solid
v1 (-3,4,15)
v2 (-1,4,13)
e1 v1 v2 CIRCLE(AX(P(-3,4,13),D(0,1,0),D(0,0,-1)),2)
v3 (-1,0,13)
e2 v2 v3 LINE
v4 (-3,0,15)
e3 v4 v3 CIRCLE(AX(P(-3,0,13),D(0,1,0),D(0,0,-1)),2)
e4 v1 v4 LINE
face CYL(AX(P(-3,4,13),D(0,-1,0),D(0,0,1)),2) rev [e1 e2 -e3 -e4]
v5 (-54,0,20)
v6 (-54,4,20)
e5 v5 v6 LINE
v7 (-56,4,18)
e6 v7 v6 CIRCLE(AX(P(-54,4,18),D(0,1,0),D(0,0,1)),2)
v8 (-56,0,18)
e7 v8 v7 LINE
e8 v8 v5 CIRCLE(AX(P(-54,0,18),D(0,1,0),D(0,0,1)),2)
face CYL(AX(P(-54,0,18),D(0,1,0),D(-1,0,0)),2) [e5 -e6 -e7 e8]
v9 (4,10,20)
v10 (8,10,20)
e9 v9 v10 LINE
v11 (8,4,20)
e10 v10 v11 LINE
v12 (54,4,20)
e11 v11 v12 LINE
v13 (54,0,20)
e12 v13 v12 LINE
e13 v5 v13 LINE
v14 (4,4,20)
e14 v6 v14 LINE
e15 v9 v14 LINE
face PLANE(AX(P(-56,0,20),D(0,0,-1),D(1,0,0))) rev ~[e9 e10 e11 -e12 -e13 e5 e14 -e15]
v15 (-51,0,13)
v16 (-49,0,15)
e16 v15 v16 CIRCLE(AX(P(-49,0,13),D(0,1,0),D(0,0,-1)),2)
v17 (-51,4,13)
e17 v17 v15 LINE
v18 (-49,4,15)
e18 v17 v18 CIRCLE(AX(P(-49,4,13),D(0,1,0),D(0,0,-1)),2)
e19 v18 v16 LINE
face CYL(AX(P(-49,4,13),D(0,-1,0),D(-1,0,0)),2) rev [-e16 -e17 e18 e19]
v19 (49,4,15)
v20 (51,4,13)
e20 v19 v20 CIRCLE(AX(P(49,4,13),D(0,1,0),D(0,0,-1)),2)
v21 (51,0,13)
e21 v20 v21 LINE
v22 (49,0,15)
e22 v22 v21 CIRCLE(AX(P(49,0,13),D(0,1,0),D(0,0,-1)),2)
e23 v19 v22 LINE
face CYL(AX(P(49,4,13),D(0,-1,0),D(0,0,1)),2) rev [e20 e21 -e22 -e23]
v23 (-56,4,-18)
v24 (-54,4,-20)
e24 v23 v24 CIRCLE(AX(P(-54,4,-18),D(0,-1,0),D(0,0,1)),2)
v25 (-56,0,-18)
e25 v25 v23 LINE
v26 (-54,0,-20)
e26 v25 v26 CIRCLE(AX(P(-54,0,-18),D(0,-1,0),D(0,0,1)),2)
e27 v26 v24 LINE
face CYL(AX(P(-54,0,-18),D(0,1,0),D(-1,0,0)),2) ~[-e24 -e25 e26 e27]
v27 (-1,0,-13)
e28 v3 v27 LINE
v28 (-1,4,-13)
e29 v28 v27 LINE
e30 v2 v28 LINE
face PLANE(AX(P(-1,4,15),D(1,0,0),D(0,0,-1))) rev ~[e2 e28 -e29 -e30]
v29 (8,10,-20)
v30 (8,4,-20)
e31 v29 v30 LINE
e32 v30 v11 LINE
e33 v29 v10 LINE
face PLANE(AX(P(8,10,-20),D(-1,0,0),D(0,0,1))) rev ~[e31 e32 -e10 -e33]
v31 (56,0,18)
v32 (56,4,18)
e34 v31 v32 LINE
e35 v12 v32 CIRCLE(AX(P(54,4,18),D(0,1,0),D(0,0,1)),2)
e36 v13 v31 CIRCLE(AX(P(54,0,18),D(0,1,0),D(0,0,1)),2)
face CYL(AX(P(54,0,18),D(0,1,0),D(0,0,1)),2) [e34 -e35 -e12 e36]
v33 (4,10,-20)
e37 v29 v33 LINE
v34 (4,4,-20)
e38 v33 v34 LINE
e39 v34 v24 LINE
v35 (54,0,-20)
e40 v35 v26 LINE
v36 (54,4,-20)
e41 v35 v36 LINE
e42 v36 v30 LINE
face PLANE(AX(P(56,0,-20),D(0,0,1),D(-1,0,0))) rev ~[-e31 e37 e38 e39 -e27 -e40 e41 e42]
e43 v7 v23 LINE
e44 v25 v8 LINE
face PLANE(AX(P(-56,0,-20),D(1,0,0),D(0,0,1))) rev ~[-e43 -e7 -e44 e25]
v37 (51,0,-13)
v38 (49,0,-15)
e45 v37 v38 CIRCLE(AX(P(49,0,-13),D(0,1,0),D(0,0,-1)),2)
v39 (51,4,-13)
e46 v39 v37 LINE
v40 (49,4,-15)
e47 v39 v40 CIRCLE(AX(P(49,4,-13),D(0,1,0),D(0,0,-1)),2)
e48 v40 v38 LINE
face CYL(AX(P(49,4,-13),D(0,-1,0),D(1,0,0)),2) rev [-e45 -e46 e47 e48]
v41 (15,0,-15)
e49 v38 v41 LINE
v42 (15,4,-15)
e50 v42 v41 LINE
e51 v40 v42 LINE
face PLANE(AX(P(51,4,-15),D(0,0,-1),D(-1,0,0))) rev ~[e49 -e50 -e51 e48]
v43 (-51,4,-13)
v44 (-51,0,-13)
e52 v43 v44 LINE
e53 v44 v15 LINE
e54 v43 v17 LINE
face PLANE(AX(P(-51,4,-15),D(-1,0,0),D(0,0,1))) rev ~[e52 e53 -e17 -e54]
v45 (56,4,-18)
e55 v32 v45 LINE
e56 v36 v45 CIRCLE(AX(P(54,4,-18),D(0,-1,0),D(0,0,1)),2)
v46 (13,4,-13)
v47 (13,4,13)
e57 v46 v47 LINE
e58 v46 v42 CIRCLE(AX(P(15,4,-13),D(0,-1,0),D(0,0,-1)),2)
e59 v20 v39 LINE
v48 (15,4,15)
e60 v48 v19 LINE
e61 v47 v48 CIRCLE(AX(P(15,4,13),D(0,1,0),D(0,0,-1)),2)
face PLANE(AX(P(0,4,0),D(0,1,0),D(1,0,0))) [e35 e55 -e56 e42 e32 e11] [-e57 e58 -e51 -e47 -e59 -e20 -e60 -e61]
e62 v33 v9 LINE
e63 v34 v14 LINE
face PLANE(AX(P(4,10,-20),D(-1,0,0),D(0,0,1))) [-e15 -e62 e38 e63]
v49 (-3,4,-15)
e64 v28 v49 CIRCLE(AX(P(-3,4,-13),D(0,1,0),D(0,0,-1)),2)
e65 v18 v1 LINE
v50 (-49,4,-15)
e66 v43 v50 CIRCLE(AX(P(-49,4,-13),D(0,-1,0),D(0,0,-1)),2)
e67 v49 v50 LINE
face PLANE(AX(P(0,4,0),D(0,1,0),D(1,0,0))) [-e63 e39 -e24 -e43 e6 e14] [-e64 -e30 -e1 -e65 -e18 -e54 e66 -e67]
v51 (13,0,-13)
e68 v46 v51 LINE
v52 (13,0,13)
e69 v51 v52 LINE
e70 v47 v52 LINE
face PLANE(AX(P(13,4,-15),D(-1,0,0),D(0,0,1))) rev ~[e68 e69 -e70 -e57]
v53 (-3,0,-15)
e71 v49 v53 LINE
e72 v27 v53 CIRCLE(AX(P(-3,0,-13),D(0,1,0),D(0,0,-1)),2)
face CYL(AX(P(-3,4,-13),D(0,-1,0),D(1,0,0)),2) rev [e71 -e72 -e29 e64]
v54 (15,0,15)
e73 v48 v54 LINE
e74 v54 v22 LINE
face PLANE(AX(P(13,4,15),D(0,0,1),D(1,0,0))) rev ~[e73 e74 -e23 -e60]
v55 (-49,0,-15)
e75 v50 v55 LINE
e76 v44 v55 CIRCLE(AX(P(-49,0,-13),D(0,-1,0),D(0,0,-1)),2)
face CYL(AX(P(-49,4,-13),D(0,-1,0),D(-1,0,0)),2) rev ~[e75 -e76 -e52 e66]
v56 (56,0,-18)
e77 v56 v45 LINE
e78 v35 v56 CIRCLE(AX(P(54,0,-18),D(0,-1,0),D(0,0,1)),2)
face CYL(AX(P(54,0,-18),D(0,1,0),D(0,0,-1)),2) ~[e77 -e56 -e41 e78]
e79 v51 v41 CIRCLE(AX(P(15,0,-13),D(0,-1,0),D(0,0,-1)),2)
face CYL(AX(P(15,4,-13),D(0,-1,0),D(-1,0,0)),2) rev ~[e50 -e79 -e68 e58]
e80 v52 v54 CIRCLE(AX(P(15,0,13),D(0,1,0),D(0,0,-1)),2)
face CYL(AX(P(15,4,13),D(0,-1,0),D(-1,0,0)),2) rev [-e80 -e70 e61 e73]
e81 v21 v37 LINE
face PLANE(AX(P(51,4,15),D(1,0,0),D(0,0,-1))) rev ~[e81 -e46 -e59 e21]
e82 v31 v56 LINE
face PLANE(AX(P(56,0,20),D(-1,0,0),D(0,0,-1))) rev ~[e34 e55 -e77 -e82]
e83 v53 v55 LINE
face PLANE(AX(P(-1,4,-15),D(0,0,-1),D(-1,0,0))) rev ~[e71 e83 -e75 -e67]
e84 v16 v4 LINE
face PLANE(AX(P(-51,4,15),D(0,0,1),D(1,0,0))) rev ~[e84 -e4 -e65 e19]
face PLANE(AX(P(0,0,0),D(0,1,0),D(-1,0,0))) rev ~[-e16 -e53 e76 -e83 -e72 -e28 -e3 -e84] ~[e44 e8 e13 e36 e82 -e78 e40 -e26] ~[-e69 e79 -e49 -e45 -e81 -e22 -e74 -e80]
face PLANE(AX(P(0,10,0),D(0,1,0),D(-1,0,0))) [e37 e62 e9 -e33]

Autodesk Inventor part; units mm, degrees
ref_plane "YZ Plane" through (0, 0, 0) normal (1, 0, 0) x (0, 1, 0)
ref_plane "XZ Plane" through (0, 0, 0) normal (0, 1, 0) x (-1, 0, 0)
ref_plane "XY Plane" through (0, 0, 0) normal (0, 0, 1) x (1, 0, 0)
sketch "スケッチ1" plane through (0, 0, 0) normal (0, 1, 0) x (-1, 0, 0)
  line L0 (56, 20) -> (-56, 20)
  line L1 (-56, 20) -> (-56, -20)
  line L2 (-56, -20) -> (56, -20)
  line L3 (56, -20) -> (56, 20)
  line L4 (56, 20) -> (-56, -20) construction
  line L5 (-56, 20) -> (56, -20) construction
  point P0 (0, 0)
  dimension "d0" = 112
  dimension "d1" = 40
extrude "押し出し1" add sketch "スケッチ1" along normal blind 10
sketch "スケッチ2" plane through (0, 10, 0) normal (0, 1, 0) x (1, 0, 0)
  line L0 (56, 20) -> (-56, 20) projected
  line L1 (-56, -20) -> (56, -20) projected
  line L2 (-56, 20) -> (4, 20)
  line L3 (4, 20) -> (4, -20)
  line L4 (4, -20) -> (-56, -20)
  line L5 (-56, -20) -> (-56, 20)
  line L6 (56, -20) -> (56, 20) projected
  line L7 (56, 20) -> (8, 20)
  line L8 (8, 20) -> (8, -20)
  line L9 (8, -20) -> (56, -20)
  line L10 (56, -20) -> (56, 20)
  point P0 (0, 0)
  point P1 (-56, -20)
  point P2 (4, 20)
  point P3 (8, 20)
  dimension "d4" = 60
  dimension "d5" = 48
extrude "押し出し2" cut sketch "スケッチ2" against normal blind 6 contours L6 L1 L8 L0 | L3 L1 L5 L0
fillet "フィレット1" radius 2 4 edges at (-56, 2, 20) (-56, 2, -20) (56, 2, -20) (56, 2, 20)
sketch "スケッチ3" plane through (0, 4, 0) normal (0, 1, 0) x (1, 0, 0)
  line L0 (-51, -15) -> (-1, -15)
  line L1 (-1, -15) -> (-1, 15)
  line L2 (-1, 15) -> (-51, 15)
  line L3 (-51, 15) -> (-51, -15)
  line L4 (-51, -15) -> (-1, 15) construction
  line L5 (-1, -15) -> (-51, 15) construction
  line L6 (13, -15) -> (51, -15)
  line L7 (51, -15) -> (51, 15)
  line L8 (51, 15) -> (13, 15)
  line L9 (13, 15) -> (13, -15)
  line L10 (13, -15) -> (51, 15) construction
  line L11 (51, -15) -> (13, 15) construction
  line L12 (8, 20) -> (54, 20) projected
  line L13 (56, 18) -> (56, -18) projected
  line L14 (54, -20) -> (8, -20) projected
  line L15 (8, -20) -> (8, 20) projected
  line L16 (-54, 20) -> (4, 20) projected
  line L17 (-56, -18) -> (-56, 18) projected
  line L18 (4, -20) -> (-54, -20) projected
  line L19 (4, 20) -> (4, -20) projected
  point P0 (0, 0)
  point P1 (-26, 0)
  point P2 (32, 0)
  dimension "d9" = 5
  dimension "d10" = 5
  dimension "d11" = 5
  dimension "d12" = 5
  dimension "d13" = 5
  dimension "d14" = 5
  dimension "d15" = 5
  dimension "d16" = 5
extrude "押し出し3" cut sketch "スケッチ3" against normal blind 6
fillet "フィレット2" radius 2 8 edges at (-51, 2, -15) (-1, 2, -15) (-51, 2, 15) (-1, 2, 15) (13, 2, -15) (51, 2, -15) (13, 2, 15) (51, 2, 15)
equation "\"d10\" = d9"
equation "\"d11\" = d9"
equation "\"d12\" = d9"
equation "\"d13\" = d9"
equation "\"d14\" = d9"
equation "\"d15\" = d9"
equation "\"d16\" = d9"
